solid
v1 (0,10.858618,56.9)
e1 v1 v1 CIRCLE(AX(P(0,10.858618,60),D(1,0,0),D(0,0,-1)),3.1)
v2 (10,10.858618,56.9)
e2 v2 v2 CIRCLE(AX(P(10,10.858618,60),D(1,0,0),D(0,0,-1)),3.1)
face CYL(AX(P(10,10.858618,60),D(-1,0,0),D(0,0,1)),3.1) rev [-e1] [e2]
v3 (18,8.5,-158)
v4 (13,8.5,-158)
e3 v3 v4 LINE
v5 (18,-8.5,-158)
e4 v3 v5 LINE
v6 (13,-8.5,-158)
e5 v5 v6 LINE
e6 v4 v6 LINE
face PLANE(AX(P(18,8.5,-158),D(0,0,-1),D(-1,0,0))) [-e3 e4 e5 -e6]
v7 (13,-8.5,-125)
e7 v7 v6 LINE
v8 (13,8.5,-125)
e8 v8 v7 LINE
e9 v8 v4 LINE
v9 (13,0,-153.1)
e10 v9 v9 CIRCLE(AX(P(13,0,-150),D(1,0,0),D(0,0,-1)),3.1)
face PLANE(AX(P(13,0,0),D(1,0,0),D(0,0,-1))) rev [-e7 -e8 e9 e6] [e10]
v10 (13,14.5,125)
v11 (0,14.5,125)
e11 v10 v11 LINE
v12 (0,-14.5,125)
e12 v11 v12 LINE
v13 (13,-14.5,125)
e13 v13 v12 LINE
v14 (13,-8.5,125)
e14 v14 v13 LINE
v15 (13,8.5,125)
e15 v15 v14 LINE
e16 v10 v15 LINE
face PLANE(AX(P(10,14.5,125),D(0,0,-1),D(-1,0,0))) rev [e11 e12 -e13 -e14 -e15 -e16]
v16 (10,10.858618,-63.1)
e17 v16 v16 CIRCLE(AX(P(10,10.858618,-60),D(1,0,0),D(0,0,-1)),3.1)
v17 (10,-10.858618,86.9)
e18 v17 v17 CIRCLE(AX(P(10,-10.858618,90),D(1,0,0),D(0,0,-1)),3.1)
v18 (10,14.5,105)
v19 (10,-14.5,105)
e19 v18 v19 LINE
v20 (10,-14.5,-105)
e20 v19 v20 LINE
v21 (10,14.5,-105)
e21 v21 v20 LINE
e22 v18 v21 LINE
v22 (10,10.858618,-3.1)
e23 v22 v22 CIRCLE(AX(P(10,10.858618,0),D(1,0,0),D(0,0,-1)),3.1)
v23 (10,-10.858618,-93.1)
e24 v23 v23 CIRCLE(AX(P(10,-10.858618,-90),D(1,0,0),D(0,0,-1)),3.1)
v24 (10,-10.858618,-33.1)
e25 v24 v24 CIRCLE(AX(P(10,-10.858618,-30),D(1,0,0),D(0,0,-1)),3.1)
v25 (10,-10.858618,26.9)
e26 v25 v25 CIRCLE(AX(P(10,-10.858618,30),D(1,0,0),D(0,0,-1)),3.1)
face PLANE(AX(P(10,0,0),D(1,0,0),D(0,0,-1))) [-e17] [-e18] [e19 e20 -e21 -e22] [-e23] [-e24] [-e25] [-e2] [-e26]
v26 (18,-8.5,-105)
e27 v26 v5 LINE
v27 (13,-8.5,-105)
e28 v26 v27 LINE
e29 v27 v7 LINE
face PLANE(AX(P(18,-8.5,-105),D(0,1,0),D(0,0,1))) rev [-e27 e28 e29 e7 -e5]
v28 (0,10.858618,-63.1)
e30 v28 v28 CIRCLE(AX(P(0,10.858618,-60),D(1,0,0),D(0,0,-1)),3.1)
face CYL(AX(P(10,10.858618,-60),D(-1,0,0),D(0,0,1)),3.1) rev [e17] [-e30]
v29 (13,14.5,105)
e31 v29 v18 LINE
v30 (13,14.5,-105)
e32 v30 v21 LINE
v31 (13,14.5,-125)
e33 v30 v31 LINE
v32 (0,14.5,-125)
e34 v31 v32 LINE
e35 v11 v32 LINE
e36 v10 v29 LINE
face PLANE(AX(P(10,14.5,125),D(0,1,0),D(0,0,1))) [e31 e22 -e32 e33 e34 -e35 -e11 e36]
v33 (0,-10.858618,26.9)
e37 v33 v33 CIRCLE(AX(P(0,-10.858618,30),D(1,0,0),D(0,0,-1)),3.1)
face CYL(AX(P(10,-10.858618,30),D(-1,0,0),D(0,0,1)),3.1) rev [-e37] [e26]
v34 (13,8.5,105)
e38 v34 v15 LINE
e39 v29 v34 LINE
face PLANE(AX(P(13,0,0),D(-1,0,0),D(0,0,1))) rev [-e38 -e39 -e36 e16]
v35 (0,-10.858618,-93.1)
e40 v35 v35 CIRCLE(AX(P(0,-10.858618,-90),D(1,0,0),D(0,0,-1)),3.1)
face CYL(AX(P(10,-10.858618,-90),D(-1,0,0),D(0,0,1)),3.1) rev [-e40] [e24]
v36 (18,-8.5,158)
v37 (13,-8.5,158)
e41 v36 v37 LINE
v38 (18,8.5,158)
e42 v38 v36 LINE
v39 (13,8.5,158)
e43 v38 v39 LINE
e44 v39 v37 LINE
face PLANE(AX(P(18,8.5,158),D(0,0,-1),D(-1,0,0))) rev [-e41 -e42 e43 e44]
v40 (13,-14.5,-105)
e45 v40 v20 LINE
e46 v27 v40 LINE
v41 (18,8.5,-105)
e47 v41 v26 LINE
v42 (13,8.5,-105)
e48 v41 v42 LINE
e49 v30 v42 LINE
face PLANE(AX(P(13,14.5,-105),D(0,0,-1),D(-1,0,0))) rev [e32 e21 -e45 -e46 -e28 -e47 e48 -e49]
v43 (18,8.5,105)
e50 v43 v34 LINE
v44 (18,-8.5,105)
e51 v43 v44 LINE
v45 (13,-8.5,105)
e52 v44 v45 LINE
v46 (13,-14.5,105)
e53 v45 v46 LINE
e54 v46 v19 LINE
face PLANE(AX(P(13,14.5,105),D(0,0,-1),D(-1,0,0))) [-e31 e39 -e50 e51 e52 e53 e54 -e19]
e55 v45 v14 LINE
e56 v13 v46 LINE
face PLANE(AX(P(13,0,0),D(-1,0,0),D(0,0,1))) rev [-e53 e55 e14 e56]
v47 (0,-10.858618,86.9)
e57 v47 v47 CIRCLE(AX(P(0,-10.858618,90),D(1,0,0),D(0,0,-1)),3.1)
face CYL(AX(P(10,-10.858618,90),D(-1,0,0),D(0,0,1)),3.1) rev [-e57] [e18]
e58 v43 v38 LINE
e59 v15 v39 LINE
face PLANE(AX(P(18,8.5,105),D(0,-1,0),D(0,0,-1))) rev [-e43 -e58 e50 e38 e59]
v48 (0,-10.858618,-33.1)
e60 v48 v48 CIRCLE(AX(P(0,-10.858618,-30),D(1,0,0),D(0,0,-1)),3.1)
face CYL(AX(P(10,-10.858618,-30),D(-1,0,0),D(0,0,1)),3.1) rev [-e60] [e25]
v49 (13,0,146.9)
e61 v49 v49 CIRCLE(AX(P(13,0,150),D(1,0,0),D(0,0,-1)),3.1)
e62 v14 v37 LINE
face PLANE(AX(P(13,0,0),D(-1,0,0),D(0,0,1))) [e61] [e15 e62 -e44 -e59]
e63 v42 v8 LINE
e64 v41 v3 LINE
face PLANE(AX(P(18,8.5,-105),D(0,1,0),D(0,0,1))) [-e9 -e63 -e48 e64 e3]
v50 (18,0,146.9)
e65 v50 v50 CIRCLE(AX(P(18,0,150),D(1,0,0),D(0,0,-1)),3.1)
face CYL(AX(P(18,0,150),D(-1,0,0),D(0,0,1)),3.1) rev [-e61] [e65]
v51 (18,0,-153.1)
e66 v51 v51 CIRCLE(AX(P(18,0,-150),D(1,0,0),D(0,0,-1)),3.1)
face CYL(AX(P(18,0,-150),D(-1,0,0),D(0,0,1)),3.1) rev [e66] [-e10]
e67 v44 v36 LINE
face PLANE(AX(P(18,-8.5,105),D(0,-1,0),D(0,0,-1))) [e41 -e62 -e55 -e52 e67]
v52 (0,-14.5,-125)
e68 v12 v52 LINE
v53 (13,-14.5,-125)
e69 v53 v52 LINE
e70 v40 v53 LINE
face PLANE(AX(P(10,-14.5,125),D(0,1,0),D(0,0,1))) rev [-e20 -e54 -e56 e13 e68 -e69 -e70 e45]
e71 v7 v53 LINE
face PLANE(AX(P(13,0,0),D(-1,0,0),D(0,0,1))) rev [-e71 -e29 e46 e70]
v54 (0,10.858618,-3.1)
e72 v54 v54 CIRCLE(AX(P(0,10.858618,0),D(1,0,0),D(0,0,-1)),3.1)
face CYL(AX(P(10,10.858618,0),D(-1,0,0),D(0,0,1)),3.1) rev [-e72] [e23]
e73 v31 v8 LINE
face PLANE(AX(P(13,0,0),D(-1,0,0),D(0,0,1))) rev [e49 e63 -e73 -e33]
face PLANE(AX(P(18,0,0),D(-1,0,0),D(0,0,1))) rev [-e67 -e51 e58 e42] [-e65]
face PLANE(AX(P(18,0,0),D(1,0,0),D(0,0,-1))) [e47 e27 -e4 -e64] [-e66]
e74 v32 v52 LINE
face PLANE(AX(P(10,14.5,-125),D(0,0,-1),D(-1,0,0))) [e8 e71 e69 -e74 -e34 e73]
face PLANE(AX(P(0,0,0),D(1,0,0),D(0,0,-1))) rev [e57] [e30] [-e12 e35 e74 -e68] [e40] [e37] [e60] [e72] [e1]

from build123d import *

# Parameters (mm, degrees)
SKETCH_1_W          = 250
SKETCH_1_H          = 29
EXTRUDE_1_DEPTH     = 10
SKETCH_1_3_R        = 3.1
CUT_EXTRUDE_1_DEPTH = 127.234900087
SKETCH_3_W          = 20
SKETCH_3_H          = 29
EXTRUDE_2_DEPTH     = 3
SKETCH_4_W          = 53
SKETCH_4_H          = 17
SKETCH_4_R          = 3.1
EXTRUDE_3_DEPTH     = 5


with BuildPart() as part:
    # 草图1 → 凸台-拉伸1 (new body)
    with BuildSketch(Plane(origin=(0, 0, 0), x_dir=(0, 0, -1), z_dir=(1, 0, 0))):
        Rectangle(SKETCH_1_W, SKETCH_1_H)
    extrude(amount=EXTRUDE_1_DEPTH)

    # 草图1<3> → 切除-拉伸1 (cut, through all)
    with BuildSketch(Plane(origin=(0, 0, 0), x_dir=(0, 0, -1), z_dir=(1, 0, 0))):
        with Locations((-90, -10.858617882)):
            Circle(SKETCH_1_3_R)
        with Locations((-30, -10.858617882)):
            Circle(SKETCH_1_3_R)
        with Locations((30, -10.858617882)):
            Circle(SKETCH_1_3_R)
        with Locations((-60, 10.858617882)):
            Circle(SKETCH_1_3_R)
        with Locations((90, -10.858617882)):
            Circle(SKETCH_1_3_R)
        with Locations((0, 10.858617882)):
            Circle(SKETCH_1_3_R)
        with Locations((60, 10.858617882)):
            Circle(SKETCH_1_3_R)
    extrude(amount=CUT_EXTRUDE_1_DEPTH, mode=Mode.SUBTRACT)

    # 草图3 → 凸台-拉伸2 (add)
    with BuildSketch(Plane(origin=(10, 0, 0), x_dir=(0, 0, -1), z_dir=(1, 0, 0))):
        with Locations((115, 0)):
            Rectangle(SKETCH_3_W, SKETCH_3_H)
        with Locations((-115, 0)):
            Rectangle(SKETCH_3_W, SKETCH_3_H)
    extrude(amount=EXTRUDE_2_DEPTH)

    # 草图4 → 凸台-拉伸3 (add)
    # profile 1 of 2: a face of its own
    with BuildSketch(Plane(origin=(13, 0, 0), x_dir=(0, 0, -1), z_dir=(1, 0, 0))):
        with Locations((131.5, 0)):
            Rectangle(SKETCH_4_W, SKETCH_4_H)
        with Locations((150, 0)):
            Circle(SKETCH_4_R, mode=Mode.SUBTRACT)
    # profile 2 of 2: a face of its own
    with BuildSketch(Plane(origin=(13, 0, 0), x_dir=(0, 0, -1), z_dir=(1, 0, 0))):
        with Locations((-131.5, 0)):
            Rectangle(SKETCH_4_W, SKETCH_4_H)
        with Locations((-150, 0)):
            Circle(SKETCH_4_R, mode=Mode.SUBTRACT)
    extrude(amount=EXTRUDE_3_DEPTH)


solid = part.part
